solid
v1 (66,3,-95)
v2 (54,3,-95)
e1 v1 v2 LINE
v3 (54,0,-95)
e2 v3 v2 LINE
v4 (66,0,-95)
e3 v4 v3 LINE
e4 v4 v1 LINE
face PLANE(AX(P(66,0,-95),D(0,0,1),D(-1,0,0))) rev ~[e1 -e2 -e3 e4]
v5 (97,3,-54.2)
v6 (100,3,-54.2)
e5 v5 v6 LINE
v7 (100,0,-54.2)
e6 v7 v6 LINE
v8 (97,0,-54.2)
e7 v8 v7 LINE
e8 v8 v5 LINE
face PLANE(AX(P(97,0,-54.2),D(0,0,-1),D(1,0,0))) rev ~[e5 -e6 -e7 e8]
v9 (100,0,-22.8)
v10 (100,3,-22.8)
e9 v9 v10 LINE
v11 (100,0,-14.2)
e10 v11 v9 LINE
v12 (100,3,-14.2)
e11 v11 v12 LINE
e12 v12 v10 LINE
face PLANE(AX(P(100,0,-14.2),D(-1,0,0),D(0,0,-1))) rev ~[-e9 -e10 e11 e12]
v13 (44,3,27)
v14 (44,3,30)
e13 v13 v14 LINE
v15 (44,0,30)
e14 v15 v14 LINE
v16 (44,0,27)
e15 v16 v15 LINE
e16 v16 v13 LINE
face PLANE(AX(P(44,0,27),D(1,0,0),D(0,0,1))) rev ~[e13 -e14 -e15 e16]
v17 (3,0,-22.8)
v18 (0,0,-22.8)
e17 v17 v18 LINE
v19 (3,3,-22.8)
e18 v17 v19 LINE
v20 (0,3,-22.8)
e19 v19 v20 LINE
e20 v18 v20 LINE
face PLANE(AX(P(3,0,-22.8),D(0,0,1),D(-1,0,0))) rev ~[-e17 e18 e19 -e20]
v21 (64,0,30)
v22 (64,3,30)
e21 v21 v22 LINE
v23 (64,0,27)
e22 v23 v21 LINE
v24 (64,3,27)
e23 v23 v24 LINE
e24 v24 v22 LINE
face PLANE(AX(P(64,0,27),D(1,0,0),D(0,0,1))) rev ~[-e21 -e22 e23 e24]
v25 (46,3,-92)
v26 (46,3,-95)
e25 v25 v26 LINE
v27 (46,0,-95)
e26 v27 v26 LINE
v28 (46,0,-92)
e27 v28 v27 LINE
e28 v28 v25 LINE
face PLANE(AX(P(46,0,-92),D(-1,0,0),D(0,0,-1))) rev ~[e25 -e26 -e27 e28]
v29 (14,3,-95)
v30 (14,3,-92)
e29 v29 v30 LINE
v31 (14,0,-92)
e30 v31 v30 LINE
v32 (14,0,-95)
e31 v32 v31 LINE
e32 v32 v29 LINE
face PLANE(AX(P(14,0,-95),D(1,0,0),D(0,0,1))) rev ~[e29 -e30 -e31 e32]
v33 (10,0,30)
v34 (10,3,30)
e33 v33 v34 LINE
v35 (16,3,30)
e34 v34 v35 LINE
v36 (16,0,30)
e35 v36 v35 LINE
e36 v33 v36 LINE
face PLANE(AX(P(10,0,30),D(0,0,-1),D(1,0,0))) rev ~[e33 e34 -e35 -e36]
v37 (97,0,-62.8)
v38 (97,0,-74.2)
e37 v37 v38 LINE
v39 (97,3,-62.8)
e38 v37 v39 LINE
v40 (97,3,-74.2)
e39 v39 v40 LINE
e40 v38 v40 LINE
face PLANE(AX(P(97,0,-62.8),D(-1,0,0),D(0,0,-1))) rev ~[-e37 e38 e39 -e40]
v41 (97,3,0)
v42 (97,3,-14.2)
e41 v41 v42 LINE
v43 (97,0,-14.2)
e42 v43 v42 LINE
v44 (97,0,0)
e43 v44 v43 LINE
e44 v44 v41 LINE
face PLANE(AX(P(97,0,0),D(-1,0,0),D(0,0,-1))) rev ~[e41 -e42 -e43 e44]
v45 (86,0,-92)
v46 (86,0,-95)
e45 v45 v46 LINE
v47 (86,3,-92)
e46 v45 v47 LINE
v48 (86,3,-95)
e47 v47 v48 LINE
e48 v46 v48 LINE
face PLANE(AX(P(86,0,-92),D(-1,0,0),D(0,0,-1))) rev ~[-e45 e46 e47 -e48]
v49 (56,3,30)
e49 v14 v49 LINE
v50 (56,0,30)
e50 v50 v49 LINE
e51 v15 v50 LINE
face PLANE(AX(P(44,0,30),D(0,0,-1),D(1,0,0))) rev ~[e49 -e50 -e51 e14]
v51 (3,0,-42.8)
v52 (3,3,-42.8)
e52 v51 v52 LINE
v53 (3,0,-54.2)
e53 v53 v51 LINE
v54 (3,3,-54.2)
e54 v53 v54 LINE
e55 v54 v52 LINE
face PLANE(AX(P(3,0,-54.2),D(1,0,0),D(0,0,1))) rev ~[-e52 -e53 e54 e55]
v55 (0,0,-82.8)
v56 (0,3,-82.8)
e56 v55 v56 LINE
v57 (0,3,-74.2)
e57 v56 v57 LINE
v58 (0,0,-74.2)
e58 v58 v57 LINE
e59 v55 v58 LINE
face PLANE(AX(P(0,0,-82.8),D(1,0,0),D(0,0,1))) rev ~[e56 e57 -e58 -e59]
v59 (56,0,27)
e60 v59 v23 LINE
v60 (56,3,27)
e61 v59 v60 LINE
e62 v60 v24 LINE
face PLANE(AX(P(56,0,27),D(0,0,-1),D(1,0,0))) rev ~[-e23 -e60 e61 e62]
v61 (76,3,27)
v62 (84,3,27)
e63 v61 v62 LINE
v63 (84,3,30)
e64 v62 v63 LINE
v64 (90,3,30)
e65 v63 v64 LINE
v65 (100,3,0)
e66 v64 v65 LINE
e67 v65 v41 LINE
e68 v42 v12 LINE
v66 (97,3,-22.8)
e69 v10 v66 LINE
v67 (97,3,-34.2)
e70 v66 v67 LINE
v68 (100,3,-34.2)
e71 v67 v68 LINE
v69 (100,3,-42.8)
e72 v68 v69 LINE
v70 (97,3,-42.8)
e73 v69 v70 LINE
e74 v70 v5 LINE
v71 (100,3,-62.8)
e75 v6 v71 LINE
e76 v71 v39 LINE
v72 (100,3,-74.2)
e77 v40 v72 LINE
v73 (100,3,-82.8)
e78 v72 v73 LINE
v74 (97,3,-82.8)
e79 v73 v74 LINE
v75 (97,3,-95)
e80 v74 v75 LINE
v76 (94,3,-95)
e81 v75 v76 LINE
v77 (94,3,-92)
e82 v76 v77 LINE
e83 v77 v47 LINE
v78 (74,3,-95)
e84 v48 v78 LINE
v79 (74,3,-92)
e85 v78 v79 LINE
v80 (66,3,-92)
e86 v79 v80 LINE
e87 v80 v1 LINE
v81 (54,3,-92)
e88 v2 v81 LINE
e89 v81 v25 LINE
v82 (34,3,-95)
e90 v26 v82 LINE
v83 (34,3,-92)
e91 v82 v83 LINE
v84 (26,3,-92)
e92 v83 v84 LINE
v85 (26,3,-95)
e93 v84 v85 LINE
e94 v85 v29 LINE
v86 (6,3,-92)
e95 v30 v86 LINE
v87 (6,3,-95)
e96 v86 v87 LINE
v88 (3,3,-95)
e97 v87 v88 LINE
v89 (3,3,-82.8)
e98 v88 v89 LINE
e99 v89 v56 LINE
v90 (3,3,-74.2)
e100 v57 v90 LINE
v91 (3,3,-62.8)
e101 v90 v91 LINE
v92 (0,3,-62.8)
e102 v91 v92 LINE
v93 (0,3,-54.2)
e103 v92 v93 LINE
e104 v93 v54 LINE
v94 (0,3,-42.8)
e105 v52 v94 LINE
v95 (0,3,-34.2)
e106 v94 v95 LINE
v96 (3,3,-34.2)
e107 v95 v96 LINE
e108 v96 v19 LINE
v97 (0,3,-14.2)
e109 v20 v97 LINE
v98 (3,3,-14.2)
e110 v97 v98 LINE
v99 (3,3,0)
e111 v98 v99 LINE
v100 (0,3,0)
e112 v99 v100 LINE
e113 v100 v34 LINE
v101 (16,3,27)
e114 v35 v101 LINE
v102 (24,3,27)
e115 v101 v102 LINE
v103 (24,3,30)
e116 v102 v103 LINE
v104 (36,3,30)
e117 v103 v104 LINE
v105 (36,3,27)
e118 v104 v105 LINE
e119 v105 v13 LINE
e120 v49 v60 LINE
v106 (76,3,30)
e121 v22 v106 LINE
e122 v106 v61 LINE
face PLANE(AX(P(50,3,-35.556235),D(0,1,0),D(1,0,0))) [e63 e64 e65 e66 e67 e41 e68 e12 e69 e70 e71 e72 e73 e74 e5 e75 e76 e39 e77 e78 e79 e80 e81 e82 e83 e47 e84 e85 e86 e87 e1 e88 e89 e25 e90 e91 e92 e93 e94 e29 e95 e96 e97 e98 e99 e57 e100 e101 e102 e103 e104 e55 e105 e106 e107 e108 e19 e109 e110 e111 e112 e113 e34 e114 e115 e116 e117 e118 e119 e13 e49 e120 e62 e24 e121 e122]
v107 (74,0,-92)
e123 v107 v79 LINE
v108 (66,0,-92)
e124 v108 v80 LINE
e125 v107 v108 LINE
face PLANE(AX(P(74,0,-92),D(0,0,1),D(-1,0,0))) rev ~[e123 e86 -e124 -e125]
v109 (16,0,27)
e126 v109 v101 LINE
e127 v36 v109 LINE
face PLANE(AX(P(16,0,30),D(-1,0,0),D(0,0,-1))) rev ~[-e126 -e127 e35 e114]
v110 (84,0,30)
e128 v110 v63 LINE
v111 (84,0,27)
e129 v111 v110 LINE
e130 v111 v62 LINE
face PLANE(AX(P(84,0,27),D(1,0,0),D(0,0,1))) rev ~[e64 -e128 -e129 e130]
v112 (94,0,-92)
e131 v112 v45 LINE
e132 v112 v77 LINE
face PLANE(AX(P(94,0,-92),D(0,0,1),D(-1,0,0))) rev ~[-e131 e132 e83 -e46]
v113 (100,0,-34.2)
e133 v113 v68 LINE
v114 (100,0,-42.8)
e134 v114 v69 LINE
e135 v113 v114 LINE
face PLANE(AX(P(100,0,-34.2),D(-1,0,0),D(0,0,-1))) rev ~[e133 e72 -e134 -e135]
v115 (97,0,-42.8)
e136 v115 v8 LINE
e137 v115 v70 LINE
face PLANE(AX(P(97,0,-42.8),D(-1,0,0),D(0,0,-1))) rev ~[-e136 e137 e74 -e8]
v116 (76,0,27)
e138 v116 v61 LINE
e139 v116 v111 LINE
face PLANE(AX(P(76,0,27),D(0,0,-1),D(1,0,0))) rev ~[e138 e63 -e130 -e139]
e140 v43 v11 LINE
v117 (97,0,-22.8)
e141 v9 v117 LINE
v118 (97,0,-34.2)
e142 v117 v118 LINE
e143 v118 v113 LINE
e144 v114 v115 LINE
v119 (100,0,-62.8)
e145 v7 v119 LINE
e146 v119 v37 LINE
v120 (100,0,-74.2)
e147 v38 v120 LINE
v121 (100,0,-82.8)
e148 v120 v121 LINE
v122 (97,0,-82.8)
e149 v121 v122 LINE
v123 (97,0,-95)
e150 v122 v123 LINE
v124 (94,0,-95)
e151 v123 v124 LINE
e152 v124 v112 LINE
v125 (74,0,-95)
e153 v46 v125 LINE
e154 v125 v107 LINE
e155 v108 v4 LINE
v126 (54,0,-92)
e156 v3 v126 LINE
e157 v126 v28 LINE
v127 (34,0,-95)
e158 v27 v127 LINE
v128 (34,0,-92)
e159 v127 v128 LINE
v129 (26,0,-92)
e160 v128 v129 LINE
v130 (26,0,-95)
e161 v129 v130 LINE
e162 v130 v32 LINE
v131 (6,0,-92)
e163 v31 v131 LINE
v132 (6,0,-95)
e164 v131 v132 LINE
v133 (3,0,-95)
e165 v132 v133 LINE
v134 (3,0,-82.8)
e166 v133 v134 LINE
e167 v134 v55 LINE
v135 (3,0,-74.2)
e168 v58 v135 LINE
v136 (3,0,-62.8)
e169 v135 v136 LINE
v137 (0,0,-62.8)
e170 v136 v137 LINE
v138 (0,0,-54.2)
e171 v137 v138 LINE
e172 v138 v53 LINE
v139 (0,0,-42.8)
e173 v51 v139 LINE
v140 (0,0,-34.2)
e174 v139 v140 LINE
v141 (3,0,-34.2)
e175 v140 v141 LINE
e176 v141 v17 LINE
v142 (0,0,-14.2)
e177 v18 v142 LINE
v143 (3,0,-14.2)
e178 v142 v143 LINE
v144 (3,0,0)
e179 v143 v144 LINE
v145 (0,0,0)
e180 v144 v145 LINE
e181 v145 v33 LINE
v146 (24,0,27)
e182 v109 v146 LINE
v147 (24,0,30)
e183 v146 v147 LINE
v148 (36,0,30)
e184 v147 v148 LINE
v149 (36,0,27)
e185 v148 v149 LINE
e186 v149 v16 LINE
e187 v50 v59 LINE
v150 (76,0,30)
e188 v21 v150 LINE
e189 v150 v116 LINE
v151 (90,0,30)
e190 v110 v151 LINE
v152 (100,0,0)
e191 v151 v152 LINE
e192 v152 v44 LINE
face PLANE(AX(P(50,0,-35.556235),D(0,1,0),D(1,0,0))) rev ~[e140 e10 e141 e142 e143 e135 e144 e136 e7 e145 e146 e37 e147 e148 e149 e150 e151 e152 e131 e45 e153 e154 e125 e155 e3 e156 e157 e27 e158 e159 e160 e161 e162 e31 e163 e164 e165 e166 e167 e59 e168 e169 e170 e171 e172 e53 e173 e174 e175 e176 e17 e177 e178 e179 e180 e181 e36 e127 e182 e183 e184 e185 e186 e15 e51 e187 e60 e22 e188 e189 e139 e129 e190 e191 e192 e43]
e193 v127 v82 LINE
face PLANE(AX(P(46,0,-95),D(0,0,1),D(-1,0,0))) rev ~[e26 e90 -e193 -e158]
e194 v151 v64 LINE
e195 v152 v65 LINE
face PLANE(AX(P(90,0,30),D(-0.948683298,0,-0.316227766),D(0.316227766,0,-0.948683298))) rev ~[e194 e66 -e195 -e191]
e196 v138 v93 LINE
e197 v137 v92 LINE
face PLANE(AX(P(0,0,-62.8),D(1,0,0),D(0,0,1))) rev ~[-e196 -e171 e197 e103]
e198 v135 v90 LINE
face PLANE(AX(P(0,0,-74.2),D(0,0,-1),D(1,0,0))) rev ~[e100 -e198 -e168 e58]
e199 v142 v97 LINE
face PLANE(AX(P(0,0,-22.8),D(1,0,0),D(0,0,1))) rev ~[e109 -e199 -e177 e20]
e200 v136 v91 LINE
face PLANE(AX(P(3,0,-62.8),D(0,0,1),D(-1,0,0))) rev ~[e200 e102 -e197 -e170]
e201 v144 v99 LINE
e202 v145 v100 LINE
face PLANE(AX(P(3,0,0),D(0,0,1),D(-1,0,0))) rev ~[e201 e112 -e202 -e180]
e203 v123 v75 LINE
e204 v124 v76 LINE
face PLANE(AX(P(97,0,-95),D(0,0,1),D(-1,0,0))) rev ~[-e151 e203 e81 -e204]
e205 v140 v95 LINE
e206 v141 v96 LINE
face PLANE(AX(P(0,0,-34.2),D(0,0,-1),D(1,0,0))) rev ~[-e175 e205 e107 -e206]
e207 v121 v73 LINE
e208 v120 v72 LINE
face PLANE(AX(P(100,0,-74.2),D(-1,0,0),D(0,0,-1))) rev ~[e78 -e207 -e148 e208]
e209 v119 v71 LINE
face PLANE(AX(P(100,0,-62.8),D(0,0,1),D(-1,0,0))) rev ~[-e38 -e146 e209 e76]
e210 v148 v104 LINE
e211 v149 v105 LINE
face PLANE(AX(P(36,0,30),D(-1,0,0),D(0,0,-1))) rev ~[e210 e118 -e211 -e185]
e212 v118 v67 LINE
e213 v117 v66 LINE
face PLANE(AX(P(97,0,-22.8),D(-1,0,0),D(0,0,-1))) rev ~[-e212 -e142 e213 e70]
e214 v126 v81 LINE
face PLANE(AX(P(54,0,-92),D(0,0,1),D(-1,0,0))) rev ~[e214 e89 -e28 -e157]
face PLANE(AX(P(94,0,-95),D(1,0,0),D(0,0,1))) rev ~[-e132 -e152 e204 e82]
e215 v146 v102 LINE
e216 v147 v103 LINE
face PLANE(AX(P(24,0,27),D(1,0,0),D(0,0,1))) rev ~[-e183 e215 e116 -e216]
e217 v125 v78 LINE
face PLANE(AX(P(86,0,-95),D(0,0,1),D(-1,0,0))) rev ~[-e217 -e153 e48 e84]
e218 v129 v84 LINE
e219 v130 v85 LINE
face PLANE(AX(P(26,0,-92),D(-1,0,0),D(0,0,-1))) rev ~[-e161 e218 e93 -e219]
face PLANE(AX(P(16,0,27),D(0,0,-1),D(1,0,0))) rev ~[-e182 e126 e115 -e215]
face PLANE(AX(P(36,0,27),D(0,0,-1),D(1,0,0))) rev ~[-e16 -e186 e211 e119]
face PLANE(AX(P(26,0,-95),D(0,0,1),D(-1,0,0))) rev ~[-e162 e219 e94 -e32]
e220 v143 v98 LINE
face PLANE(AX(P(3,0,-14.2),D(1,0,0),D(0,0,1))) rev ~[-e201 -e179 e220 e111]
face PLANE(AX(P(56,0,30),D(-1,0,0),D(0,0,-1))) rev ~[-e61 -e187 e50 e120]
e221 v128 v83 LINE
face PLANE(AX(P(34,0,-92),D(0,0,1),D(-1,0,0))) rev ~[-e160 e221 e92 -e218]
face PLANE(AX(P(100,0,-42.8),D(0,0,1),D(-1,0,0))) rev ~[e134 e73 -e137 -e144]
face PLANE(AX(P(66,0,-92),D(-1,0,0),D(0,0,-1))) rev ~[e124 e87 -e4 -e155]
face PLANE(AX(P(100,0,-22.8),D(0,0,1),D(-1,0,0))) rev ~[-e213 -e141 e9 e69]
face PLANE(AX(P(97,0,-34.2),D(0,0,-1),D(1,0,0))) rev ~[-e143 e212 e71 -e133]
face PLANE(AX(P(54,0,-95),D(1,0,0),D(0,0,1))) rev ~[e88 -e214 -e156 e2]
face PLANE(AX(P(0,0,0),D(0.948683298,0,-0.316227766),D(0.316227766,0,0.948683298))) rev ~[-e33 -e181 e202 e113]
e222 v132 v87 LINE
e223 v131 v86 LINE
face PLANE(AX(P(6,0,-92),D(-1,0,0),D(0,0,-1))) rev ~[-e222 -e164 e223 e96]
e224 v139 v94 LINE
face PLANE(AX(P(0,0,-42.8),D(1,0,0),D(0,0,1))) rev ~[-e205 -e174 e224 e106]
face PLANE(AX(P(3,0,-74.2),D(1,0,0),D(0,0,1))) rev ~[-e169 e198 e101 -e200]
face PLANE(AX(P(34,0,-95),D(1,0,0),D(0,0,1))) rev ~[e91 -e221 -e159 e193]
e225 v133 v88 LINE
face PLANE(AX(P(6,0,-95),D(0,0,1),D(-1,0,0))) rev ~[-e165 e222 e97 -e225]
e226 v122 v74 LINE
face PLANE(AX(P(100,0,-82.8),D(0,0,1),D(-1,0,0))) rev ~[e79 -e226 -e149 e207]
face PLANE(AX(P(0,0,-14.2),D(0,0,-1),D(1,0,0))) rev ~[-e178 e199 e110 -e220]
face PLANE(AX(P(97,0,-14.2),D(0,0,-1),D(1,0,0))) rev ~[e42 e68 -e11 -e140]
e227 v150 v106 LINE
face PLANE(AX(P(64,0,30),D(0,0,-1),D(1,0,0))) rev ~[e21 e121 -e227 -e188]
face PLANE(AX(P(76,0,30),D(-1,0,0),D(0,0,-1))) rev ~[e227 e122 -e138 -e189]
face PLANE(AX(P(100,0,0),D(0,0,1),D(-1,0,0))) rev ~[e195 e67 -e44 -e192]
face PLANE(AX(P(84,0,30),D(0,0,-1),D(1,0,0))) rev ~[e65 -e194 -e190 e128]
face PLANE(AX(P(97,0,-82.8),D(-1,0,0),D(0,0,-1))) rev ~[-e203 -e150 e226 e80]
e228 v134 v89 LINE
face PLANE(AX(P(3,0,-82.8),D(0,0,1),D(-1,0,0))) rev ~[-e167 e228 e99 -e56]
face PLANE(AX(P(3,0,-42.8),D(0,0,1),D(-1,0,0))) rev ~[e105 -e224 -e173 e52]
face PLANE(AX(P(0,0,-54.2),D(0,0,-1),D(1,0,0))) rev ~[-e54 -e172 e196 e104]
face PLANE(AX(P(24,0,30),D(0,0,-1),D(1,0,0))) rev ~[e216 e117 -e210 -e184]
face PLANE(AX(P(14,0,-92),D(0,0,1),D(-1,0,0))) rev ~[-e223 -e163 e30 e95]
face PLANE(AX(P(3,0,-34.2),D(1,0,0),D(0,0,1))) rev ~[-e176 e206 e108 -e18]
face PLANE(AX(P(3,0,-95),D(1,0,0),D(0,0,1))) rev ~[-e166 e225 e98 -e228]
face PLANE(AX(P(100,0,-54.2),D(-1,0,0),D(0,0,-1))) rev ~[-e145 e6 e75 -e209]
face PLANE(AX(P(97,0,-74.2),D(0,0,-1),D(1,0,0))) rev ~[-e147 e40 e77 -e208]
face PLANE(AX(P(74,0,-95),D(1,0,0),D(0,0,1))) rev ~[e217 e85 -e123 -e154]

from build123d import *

# Parameters (mm, degrees)
BOSS_EXTRU_1_DEPTH = 3


with BuildPart() as part:
    # Esquisse1 → Boss.-Extru.1 (new body)
    with BuildSketch(Plane(origin=(0, 0, 0), x_dir=(1, 0, 0), z_dir=(0, 1, 0))):
        Polygon((3, 0), (0, 0), (10, -30), (16, -30), (16, -27), (24, -27), (24, -30), (36, -30), (36, -27), (44, -27), (44, -30), (56, -30), (56, -27), (64, -27), (64, -30), (76, -30), (76, -27), (84, -27), (84, -30), (90, -30), (100, 0), (97, 0), (97, 14.2), (100, 14.2), (100, 22.8), (97, 22.8), (97, 34.2), (100, 34.2), (100, 42.8), (97, 42.8), (97, 54.2), (100, 54.2), (100, 62.8), (97, 62.8), (97, 74.2), (100, 74.2), (100, 82.8), (97, 82.8), (97, 95), (94, 95), (94, 92), (86, 92), (86, 95), (74, 95), (74, 92), (66, 92), (66, 95), (54, 95), (54, 92), (46, 92), (46, 95), (34, 95), (34, 92), (26, 92), (26, 95), (14, 95), (14, 92), (6, 92), (6, 95), (3, 95), (3, 82.8), (0, 82.8), (0, 74.2), (3, 74.2), (3, 62.8), (0, 62.8), (0, 54.2), (3, 54.2), (3, 42.8), (0, 42.8), (0, 34.2), (3, 34.2), (3, 22.8), (0, 22.8), (0, 14.2), (3, 14.2), align=None)
    extrude(amount=BOSS_EXTRU_1_DEPTH)


solid = part.part
